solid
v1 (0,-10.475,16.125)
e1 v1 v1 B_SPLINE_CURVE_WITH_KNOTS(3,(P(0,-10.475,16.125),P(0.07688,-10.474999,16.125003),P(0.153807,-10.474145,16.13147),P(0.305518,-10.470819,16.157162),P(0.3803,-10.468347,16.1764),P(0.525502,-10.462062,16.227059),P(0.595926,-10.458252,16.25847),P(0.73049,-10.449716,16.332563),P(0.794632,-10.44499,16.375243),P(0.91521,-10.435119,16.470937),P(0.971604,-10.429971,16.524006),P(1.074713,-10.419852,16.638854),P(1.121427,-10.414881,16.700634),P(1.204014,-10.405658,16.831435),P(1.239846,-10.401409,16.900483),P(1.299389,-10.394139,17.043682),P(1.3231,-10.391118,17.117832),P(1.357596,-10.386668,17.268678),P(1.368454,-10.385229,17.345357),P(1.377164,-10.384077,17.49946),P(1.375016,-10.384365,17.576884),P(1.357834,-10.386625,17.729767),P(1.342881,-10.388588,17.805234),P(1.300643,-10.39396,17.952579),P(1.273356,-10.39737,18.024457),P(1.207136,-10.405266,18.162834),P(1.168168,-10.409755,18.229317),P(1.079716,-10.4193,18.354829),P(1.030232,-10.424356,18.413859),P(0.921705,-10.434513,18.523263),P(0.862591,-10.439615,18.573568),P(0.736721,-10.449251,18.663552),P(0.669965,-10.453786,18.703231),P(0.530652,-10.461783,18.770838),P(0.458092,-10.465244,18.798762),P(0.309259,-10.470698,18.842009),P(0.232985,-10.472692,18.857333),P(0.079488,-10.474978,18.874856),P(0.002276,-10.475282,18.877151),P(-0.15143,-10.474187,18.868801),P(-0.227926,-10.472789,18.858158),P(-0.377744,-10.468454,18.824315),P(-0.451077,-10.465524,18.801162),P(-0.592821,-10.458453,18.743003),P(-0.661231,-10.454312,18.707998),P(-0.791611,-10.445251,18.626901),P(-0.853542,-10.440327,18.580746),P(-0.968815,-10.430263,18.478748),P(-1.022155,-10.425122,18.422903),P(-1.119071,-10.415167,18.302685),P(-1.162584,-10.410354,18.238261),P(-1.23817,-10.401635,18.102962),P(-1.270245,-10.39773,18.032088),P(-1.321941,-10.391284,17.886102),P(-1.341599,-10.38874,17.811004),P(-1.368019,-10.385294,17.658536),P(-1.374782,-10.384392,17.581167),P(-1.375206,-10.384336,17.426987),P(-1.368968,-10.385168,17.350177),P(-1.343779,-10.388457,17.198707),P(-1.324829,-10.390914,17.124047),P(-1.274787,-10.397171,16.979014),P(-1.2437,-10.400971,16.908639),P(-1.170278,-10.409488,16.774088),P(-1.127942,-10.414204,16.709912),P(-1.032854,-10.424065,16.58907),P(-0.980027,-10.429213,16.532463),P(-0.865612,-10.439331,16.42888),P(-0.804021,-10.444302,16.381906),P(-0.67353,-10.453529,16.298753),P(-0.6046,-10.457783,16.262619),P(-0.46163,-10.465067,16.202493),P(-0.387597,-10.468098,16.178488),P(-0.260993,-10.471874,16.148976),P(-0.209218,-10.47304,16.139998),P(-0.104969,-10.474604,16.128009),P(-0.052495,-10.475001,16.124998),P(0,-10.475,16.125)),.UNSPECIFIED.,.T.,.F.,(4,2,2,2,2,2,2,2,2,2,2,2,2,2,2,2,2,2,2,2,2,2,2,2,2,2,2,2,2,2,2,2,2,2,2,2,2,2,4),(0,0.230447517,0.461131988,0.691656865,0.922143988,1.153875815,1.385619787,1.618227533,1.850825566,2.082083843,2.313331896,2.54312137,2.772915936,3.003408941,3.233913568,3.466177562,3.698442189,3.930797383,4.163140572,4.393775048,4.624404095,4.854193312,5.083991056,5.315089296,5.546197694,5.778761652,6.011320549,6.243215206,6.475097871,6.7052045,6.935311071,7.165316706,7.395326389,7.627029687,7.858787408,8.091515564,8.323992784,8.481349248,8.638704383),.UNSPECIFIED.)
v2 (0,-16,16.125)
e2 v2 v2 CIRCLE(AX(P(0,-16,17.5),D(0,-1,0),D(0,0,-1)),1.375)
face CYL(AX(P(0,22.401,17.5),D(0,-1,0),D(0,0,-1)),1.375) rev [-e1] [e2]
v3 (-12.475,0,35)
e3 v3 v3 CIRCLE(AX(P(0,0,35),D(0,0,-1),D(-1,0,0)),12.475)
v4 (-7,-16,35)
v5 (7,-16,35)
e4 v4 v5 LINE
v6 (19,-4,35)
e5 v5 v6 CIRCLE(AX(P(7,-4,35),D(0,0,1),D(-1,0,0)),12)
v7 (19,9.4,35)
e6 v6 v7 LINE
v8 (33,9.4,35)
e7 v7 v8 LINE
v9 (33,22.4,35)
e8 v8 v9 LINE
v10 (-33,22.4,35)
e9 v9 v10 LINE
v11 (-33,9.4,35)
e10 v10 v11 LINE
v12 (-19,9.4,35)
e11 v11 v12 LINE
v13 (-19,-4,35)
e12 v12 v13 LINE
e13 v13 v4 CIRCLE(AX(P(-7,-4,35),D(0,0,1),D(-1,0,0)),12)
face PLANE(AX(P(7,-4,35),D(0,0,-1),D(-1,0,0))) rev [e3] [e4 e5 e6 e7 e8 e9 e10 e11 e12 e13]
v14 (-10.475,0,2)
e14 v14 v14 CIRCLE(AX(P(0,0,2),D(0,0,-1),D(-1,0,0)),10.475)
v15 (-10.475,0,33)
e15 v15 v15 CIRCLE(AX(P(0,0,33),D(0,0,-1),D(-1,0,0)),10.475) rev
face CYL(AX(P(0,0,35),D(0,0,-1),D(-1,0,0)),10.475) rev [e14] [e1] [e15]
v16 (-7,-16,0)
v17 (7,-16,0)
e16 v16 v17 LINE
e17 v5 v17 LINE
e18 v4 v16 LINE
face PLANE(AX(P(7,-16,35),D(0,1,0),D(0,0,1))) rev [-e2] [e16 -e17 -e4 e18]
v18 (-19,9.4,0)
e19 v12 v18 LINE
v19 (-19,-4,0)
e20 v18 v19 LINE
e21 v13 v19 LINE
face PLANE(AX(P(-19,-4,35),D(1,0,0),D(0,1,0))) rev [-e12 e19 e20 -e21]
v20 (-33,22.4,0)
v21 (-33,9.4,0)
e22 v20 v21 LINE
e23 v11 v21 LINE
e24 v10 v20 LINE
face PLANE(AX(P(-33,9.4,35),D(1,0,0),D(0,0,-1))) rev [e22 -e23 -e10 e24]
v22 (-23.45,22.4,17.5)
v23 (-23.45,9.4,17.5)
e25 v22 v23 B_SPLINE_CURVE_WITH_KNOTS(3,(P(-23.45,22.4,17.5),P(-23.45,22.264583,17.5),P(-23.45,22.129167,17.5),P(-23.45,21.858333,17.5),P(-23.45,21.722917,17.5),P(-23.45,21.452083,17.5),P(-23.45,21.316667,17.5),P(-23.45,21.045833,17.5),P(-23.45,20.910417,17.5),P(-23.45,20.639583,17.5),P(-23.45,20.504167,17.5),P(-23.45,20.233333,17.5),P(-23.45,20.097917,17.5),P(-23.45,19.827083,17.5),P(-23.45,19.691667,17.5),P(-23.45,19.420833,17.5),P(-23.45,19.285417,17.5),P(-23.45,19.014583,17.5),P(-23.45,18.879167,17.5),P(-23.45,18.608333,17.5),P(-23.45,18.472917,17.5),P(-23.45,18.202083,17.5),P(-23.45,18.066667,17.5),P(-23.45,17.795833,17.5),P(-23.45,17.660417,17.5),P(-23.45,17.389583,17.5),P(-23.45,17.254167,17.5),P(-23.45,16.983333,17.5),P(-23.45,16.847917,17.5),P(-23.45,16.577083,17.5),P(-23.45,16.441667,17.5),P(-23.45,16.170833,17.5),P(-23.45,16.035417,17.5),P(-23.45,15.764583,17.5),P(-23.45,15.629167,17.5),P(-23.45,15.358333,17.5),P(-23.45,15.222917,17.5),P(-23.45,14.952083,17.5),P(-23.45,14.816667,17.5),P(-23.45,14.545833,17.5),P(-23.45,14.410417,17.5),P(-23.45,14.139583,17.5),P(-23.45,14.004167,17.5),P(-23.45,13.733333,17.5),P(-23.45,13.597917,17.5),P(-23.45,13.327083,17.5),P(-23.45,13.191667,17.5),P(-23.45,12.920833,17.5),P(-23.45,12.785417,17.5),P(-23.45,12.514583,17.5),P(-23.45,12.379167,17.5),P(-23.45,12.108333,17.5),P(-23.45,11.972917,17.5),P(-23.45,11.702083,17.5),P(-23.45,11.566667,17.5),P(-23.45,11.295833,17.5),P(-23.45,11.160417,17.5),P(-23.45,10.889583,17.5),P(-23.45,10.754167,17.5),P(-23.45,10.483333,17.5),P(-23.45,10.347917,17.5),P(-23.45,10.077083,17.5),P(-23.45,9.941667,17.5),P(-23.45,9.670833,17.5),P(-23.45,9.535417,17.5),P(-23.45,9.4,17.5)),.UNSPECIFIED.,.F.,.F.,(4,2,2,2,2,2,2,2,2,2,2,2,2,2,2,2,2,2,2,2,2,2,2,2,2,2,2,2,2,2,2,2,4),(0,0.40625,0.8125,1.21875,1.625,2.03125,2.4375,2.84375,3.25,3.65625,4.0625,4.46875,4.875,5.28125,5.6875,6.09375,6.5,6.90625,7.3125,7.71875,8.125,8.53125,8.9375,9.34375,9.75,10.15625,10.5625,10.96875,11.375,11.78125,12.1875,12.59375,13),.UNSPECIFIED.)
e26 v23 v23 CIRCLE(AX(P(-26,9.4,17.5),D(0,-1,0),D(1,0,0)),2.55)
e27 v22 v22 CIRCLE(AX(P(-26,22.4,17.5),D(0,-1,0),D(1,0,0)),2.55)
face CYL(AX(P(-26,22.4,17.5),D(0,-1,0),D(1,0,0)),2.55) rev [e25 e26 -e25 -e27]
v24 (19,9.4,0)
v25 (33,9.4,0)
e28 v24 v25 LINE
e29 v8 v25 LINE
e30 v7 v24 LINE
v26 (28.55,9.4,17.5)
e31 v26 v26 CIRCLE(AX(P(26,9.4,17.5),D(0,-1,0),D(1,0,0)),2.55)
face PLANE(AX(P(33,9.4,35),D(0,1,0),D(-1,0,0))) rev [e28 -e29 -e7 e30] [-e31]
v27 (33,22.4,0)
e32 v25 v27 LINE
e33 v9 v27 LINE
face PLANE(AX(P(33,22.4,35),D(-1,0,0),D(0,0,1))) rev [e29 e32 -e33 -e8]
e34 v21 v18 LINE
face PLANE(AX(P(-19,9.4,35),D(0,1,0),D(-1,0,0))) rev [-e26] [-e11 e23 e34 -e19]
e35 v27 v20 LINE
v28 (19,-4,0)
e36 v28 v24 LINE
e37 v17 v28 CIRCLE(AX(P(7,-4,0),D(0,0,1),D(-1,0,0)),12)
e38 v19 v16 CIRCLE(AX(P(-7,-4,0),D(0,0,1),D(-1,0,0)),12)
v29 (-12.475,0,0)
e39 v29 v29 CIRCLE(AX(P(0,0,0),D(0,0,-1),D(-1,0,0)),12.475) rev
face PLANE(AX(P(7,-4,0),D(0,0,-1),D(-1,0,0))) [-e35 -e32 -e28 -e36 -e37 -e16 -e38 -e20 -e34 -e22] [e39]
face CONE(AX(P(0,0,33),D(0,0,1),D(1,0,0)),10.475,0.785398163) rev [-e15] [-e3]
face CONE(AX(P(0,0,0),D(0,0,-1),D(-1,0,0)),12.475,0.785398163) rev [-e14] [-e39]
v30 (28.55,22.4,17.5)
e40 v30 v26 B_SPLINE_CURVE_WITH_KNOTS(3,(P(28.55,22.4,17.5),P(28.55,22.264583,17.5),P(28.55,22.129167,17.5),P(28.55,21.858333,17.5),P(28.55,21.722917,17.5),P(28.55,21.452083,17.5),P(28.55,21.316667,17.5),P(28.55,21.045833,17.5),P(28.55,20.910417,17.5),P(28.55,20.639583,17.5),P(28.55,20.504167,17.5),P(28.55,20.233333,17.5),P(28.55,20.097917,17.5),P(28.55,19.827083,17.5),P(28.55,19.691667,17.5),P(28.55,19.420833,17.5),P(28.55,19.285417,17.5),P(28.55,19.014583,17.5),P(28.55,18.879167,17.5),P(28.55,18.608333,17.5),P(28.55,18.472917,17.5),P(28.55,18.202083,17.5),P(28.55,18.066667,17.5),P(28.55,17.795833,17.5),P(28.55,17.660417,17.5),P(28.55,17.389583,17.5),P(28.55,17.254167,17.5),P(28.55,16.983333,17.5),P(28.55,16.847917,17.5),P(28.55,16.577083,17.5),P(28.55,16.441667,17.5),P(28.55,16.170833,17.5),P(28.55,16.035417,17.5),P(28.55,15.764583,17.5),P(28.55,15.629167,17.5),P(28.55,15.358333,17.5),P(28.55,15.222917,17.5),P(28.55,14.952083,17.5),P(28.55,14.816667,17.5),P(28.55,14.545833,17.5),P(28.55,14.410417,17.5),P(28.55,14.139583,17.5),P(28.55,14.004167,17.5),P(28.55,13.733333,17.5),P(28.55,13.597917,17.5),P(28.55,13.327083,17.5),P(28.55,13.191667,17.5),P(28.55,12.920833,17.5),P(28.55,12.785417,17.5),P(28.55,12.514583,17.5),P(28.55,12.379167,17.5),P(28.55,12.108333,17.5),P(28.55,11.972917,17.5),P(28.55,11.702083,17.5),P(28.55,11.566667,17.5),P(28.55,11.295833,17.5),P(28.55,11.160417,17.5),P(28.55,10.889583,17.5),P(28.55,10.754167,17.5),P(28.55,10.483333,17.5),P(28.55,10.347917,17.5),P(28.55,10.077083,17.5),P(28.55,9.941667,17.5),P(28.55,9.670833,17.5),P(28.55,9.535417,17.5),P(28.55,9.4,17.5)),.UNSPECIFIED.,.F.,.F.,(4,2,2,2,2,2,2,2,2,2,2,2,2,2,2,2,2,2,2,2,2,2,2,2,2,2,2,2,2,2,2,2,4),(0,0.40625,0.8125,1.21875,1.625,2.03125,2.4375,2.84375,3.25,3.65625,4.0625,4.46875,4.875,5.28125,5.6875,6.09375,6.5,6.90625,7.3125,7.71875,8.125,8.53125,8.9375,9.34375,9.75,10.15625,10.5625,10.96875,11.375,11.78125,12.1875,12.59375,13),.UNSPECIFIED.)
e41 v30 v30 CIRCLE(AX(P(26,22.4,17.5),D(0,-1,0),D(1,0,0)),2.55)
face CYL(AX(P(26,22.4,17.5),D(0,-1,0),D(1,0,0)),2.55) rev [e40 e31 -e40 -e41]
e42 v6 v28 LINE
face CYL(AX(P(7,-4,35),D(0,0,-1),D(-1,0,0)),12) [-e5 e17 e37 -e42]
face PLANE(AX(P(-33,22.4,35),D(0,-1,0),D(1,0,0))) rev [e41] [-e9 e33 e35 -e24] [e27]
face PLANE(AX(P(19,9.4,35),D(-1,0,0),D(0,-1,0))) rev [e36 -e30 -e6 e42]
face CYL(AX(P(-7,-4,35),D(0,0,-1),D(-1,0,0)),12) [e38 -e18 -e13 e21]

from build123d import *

# Parameters (mm, degrees)
CROQUIS1_R                 = 10.475
SALIENTE_EXTRUIR1_DEPTH    = 35
CROQUIS2_R                 = 2.55
CORTAR_EXTRUIR1_DEPTH      = 55.398161734
CHAFL_N1_SIZE              = 2
CORTAR_EXTRUIR2_REACH      = 63.551
CORTAR_EXTRUIR2_END_RADIUS = 10.475
CROQUIS3_R                 = 1.375


with BuildPart() as part:
    # Croquis1 → Saliente-Extruir1 (new body)
    with BuildSketch(Plane.XY):
        with BuildLine():
            Line((-33, 22.4), (33, 22.4))
            Line((33, 22.4), (33, 9.4))
            Line((33, 9.4), (19, 9.4))
            Line((19, 9.4), (19, -4))
            ThreePointArc((19, -4), (15.485281374, -12.485281374), (7, -16))
            Line((7, -16), (-7, -16))
            ThreePointArc((-7, -16), (-15.485281374, -12.485281374), (-19, -4))
            Line((-19, -4), (-19, 9.4))
            Line((-19, 9.4), (-33, 9.4))
            Line((-33, 9.4), (-33, 22.4))
        make_face()
        Circle(CROQUIS1_R, mode=Mode.SUBTRACT)
    extrude(amount=SALIENTE_EXTRUIR1_DEPTH)

    # Croquis2 → Cortar-Extruir1 (cut, through all)
    with BuildSketch(Plane.XZ.offset(-9.4)):
        with Locations((-26, 17.5)):
            Circle(CROQUIS2_R)
        with Locations((26, 17.5)):
            Circle(CROQUIS2_R)
    extrude(amount=-CORTAR_EXTRUIR1_DEPTH, mode=Mode.SUBTRACT)

    # Chaflán1
    chafl_n1_edges = [part.edges().sort_by_distance(p)[0] for p in [
        (-10.475, 0, 0),
        (-10.475, 0, 35),
    ]]
    chamfer(chafl_n1_edges, length=CHAFL_N1_SIZE)

    # Cortar-Extruir2: up to this cylinder (the profile starts outside it)
    cortar_extruir2_end = Plane(origin=(0, 0, 17.5), z_dir=(0, 0, -1)) * Cylinder(CORTAR_EXTRUIR2_END_RADIUS, 149.052, mode=Mode.PRIVATE)
    # Croquis3 → Cortar-Extruir2 (cut, up to the surface)
    with BuildSketch(Plane.XZ.offset(16), mode=Mode.PRIVATE) as cortar_extruir2_sk1:
        with Locations(Location((0, 17.5, 0), (0, 0, 270))):
            Circle(CROQUIS3_R)
    cortar_extruir2_tool1 = extrude(cortar_extruir2_sk1.sketch, amount=-CORTAR_EXTRUIR2_REACH, mode=Mode.PRIVATE) - cortar_extruir2_end
    add(cortar_extruir2_tool1.solids().sort_by_distance((0, -16, 17.5))[0], mode=Mode.SUBTRACT)


solid = part.part
